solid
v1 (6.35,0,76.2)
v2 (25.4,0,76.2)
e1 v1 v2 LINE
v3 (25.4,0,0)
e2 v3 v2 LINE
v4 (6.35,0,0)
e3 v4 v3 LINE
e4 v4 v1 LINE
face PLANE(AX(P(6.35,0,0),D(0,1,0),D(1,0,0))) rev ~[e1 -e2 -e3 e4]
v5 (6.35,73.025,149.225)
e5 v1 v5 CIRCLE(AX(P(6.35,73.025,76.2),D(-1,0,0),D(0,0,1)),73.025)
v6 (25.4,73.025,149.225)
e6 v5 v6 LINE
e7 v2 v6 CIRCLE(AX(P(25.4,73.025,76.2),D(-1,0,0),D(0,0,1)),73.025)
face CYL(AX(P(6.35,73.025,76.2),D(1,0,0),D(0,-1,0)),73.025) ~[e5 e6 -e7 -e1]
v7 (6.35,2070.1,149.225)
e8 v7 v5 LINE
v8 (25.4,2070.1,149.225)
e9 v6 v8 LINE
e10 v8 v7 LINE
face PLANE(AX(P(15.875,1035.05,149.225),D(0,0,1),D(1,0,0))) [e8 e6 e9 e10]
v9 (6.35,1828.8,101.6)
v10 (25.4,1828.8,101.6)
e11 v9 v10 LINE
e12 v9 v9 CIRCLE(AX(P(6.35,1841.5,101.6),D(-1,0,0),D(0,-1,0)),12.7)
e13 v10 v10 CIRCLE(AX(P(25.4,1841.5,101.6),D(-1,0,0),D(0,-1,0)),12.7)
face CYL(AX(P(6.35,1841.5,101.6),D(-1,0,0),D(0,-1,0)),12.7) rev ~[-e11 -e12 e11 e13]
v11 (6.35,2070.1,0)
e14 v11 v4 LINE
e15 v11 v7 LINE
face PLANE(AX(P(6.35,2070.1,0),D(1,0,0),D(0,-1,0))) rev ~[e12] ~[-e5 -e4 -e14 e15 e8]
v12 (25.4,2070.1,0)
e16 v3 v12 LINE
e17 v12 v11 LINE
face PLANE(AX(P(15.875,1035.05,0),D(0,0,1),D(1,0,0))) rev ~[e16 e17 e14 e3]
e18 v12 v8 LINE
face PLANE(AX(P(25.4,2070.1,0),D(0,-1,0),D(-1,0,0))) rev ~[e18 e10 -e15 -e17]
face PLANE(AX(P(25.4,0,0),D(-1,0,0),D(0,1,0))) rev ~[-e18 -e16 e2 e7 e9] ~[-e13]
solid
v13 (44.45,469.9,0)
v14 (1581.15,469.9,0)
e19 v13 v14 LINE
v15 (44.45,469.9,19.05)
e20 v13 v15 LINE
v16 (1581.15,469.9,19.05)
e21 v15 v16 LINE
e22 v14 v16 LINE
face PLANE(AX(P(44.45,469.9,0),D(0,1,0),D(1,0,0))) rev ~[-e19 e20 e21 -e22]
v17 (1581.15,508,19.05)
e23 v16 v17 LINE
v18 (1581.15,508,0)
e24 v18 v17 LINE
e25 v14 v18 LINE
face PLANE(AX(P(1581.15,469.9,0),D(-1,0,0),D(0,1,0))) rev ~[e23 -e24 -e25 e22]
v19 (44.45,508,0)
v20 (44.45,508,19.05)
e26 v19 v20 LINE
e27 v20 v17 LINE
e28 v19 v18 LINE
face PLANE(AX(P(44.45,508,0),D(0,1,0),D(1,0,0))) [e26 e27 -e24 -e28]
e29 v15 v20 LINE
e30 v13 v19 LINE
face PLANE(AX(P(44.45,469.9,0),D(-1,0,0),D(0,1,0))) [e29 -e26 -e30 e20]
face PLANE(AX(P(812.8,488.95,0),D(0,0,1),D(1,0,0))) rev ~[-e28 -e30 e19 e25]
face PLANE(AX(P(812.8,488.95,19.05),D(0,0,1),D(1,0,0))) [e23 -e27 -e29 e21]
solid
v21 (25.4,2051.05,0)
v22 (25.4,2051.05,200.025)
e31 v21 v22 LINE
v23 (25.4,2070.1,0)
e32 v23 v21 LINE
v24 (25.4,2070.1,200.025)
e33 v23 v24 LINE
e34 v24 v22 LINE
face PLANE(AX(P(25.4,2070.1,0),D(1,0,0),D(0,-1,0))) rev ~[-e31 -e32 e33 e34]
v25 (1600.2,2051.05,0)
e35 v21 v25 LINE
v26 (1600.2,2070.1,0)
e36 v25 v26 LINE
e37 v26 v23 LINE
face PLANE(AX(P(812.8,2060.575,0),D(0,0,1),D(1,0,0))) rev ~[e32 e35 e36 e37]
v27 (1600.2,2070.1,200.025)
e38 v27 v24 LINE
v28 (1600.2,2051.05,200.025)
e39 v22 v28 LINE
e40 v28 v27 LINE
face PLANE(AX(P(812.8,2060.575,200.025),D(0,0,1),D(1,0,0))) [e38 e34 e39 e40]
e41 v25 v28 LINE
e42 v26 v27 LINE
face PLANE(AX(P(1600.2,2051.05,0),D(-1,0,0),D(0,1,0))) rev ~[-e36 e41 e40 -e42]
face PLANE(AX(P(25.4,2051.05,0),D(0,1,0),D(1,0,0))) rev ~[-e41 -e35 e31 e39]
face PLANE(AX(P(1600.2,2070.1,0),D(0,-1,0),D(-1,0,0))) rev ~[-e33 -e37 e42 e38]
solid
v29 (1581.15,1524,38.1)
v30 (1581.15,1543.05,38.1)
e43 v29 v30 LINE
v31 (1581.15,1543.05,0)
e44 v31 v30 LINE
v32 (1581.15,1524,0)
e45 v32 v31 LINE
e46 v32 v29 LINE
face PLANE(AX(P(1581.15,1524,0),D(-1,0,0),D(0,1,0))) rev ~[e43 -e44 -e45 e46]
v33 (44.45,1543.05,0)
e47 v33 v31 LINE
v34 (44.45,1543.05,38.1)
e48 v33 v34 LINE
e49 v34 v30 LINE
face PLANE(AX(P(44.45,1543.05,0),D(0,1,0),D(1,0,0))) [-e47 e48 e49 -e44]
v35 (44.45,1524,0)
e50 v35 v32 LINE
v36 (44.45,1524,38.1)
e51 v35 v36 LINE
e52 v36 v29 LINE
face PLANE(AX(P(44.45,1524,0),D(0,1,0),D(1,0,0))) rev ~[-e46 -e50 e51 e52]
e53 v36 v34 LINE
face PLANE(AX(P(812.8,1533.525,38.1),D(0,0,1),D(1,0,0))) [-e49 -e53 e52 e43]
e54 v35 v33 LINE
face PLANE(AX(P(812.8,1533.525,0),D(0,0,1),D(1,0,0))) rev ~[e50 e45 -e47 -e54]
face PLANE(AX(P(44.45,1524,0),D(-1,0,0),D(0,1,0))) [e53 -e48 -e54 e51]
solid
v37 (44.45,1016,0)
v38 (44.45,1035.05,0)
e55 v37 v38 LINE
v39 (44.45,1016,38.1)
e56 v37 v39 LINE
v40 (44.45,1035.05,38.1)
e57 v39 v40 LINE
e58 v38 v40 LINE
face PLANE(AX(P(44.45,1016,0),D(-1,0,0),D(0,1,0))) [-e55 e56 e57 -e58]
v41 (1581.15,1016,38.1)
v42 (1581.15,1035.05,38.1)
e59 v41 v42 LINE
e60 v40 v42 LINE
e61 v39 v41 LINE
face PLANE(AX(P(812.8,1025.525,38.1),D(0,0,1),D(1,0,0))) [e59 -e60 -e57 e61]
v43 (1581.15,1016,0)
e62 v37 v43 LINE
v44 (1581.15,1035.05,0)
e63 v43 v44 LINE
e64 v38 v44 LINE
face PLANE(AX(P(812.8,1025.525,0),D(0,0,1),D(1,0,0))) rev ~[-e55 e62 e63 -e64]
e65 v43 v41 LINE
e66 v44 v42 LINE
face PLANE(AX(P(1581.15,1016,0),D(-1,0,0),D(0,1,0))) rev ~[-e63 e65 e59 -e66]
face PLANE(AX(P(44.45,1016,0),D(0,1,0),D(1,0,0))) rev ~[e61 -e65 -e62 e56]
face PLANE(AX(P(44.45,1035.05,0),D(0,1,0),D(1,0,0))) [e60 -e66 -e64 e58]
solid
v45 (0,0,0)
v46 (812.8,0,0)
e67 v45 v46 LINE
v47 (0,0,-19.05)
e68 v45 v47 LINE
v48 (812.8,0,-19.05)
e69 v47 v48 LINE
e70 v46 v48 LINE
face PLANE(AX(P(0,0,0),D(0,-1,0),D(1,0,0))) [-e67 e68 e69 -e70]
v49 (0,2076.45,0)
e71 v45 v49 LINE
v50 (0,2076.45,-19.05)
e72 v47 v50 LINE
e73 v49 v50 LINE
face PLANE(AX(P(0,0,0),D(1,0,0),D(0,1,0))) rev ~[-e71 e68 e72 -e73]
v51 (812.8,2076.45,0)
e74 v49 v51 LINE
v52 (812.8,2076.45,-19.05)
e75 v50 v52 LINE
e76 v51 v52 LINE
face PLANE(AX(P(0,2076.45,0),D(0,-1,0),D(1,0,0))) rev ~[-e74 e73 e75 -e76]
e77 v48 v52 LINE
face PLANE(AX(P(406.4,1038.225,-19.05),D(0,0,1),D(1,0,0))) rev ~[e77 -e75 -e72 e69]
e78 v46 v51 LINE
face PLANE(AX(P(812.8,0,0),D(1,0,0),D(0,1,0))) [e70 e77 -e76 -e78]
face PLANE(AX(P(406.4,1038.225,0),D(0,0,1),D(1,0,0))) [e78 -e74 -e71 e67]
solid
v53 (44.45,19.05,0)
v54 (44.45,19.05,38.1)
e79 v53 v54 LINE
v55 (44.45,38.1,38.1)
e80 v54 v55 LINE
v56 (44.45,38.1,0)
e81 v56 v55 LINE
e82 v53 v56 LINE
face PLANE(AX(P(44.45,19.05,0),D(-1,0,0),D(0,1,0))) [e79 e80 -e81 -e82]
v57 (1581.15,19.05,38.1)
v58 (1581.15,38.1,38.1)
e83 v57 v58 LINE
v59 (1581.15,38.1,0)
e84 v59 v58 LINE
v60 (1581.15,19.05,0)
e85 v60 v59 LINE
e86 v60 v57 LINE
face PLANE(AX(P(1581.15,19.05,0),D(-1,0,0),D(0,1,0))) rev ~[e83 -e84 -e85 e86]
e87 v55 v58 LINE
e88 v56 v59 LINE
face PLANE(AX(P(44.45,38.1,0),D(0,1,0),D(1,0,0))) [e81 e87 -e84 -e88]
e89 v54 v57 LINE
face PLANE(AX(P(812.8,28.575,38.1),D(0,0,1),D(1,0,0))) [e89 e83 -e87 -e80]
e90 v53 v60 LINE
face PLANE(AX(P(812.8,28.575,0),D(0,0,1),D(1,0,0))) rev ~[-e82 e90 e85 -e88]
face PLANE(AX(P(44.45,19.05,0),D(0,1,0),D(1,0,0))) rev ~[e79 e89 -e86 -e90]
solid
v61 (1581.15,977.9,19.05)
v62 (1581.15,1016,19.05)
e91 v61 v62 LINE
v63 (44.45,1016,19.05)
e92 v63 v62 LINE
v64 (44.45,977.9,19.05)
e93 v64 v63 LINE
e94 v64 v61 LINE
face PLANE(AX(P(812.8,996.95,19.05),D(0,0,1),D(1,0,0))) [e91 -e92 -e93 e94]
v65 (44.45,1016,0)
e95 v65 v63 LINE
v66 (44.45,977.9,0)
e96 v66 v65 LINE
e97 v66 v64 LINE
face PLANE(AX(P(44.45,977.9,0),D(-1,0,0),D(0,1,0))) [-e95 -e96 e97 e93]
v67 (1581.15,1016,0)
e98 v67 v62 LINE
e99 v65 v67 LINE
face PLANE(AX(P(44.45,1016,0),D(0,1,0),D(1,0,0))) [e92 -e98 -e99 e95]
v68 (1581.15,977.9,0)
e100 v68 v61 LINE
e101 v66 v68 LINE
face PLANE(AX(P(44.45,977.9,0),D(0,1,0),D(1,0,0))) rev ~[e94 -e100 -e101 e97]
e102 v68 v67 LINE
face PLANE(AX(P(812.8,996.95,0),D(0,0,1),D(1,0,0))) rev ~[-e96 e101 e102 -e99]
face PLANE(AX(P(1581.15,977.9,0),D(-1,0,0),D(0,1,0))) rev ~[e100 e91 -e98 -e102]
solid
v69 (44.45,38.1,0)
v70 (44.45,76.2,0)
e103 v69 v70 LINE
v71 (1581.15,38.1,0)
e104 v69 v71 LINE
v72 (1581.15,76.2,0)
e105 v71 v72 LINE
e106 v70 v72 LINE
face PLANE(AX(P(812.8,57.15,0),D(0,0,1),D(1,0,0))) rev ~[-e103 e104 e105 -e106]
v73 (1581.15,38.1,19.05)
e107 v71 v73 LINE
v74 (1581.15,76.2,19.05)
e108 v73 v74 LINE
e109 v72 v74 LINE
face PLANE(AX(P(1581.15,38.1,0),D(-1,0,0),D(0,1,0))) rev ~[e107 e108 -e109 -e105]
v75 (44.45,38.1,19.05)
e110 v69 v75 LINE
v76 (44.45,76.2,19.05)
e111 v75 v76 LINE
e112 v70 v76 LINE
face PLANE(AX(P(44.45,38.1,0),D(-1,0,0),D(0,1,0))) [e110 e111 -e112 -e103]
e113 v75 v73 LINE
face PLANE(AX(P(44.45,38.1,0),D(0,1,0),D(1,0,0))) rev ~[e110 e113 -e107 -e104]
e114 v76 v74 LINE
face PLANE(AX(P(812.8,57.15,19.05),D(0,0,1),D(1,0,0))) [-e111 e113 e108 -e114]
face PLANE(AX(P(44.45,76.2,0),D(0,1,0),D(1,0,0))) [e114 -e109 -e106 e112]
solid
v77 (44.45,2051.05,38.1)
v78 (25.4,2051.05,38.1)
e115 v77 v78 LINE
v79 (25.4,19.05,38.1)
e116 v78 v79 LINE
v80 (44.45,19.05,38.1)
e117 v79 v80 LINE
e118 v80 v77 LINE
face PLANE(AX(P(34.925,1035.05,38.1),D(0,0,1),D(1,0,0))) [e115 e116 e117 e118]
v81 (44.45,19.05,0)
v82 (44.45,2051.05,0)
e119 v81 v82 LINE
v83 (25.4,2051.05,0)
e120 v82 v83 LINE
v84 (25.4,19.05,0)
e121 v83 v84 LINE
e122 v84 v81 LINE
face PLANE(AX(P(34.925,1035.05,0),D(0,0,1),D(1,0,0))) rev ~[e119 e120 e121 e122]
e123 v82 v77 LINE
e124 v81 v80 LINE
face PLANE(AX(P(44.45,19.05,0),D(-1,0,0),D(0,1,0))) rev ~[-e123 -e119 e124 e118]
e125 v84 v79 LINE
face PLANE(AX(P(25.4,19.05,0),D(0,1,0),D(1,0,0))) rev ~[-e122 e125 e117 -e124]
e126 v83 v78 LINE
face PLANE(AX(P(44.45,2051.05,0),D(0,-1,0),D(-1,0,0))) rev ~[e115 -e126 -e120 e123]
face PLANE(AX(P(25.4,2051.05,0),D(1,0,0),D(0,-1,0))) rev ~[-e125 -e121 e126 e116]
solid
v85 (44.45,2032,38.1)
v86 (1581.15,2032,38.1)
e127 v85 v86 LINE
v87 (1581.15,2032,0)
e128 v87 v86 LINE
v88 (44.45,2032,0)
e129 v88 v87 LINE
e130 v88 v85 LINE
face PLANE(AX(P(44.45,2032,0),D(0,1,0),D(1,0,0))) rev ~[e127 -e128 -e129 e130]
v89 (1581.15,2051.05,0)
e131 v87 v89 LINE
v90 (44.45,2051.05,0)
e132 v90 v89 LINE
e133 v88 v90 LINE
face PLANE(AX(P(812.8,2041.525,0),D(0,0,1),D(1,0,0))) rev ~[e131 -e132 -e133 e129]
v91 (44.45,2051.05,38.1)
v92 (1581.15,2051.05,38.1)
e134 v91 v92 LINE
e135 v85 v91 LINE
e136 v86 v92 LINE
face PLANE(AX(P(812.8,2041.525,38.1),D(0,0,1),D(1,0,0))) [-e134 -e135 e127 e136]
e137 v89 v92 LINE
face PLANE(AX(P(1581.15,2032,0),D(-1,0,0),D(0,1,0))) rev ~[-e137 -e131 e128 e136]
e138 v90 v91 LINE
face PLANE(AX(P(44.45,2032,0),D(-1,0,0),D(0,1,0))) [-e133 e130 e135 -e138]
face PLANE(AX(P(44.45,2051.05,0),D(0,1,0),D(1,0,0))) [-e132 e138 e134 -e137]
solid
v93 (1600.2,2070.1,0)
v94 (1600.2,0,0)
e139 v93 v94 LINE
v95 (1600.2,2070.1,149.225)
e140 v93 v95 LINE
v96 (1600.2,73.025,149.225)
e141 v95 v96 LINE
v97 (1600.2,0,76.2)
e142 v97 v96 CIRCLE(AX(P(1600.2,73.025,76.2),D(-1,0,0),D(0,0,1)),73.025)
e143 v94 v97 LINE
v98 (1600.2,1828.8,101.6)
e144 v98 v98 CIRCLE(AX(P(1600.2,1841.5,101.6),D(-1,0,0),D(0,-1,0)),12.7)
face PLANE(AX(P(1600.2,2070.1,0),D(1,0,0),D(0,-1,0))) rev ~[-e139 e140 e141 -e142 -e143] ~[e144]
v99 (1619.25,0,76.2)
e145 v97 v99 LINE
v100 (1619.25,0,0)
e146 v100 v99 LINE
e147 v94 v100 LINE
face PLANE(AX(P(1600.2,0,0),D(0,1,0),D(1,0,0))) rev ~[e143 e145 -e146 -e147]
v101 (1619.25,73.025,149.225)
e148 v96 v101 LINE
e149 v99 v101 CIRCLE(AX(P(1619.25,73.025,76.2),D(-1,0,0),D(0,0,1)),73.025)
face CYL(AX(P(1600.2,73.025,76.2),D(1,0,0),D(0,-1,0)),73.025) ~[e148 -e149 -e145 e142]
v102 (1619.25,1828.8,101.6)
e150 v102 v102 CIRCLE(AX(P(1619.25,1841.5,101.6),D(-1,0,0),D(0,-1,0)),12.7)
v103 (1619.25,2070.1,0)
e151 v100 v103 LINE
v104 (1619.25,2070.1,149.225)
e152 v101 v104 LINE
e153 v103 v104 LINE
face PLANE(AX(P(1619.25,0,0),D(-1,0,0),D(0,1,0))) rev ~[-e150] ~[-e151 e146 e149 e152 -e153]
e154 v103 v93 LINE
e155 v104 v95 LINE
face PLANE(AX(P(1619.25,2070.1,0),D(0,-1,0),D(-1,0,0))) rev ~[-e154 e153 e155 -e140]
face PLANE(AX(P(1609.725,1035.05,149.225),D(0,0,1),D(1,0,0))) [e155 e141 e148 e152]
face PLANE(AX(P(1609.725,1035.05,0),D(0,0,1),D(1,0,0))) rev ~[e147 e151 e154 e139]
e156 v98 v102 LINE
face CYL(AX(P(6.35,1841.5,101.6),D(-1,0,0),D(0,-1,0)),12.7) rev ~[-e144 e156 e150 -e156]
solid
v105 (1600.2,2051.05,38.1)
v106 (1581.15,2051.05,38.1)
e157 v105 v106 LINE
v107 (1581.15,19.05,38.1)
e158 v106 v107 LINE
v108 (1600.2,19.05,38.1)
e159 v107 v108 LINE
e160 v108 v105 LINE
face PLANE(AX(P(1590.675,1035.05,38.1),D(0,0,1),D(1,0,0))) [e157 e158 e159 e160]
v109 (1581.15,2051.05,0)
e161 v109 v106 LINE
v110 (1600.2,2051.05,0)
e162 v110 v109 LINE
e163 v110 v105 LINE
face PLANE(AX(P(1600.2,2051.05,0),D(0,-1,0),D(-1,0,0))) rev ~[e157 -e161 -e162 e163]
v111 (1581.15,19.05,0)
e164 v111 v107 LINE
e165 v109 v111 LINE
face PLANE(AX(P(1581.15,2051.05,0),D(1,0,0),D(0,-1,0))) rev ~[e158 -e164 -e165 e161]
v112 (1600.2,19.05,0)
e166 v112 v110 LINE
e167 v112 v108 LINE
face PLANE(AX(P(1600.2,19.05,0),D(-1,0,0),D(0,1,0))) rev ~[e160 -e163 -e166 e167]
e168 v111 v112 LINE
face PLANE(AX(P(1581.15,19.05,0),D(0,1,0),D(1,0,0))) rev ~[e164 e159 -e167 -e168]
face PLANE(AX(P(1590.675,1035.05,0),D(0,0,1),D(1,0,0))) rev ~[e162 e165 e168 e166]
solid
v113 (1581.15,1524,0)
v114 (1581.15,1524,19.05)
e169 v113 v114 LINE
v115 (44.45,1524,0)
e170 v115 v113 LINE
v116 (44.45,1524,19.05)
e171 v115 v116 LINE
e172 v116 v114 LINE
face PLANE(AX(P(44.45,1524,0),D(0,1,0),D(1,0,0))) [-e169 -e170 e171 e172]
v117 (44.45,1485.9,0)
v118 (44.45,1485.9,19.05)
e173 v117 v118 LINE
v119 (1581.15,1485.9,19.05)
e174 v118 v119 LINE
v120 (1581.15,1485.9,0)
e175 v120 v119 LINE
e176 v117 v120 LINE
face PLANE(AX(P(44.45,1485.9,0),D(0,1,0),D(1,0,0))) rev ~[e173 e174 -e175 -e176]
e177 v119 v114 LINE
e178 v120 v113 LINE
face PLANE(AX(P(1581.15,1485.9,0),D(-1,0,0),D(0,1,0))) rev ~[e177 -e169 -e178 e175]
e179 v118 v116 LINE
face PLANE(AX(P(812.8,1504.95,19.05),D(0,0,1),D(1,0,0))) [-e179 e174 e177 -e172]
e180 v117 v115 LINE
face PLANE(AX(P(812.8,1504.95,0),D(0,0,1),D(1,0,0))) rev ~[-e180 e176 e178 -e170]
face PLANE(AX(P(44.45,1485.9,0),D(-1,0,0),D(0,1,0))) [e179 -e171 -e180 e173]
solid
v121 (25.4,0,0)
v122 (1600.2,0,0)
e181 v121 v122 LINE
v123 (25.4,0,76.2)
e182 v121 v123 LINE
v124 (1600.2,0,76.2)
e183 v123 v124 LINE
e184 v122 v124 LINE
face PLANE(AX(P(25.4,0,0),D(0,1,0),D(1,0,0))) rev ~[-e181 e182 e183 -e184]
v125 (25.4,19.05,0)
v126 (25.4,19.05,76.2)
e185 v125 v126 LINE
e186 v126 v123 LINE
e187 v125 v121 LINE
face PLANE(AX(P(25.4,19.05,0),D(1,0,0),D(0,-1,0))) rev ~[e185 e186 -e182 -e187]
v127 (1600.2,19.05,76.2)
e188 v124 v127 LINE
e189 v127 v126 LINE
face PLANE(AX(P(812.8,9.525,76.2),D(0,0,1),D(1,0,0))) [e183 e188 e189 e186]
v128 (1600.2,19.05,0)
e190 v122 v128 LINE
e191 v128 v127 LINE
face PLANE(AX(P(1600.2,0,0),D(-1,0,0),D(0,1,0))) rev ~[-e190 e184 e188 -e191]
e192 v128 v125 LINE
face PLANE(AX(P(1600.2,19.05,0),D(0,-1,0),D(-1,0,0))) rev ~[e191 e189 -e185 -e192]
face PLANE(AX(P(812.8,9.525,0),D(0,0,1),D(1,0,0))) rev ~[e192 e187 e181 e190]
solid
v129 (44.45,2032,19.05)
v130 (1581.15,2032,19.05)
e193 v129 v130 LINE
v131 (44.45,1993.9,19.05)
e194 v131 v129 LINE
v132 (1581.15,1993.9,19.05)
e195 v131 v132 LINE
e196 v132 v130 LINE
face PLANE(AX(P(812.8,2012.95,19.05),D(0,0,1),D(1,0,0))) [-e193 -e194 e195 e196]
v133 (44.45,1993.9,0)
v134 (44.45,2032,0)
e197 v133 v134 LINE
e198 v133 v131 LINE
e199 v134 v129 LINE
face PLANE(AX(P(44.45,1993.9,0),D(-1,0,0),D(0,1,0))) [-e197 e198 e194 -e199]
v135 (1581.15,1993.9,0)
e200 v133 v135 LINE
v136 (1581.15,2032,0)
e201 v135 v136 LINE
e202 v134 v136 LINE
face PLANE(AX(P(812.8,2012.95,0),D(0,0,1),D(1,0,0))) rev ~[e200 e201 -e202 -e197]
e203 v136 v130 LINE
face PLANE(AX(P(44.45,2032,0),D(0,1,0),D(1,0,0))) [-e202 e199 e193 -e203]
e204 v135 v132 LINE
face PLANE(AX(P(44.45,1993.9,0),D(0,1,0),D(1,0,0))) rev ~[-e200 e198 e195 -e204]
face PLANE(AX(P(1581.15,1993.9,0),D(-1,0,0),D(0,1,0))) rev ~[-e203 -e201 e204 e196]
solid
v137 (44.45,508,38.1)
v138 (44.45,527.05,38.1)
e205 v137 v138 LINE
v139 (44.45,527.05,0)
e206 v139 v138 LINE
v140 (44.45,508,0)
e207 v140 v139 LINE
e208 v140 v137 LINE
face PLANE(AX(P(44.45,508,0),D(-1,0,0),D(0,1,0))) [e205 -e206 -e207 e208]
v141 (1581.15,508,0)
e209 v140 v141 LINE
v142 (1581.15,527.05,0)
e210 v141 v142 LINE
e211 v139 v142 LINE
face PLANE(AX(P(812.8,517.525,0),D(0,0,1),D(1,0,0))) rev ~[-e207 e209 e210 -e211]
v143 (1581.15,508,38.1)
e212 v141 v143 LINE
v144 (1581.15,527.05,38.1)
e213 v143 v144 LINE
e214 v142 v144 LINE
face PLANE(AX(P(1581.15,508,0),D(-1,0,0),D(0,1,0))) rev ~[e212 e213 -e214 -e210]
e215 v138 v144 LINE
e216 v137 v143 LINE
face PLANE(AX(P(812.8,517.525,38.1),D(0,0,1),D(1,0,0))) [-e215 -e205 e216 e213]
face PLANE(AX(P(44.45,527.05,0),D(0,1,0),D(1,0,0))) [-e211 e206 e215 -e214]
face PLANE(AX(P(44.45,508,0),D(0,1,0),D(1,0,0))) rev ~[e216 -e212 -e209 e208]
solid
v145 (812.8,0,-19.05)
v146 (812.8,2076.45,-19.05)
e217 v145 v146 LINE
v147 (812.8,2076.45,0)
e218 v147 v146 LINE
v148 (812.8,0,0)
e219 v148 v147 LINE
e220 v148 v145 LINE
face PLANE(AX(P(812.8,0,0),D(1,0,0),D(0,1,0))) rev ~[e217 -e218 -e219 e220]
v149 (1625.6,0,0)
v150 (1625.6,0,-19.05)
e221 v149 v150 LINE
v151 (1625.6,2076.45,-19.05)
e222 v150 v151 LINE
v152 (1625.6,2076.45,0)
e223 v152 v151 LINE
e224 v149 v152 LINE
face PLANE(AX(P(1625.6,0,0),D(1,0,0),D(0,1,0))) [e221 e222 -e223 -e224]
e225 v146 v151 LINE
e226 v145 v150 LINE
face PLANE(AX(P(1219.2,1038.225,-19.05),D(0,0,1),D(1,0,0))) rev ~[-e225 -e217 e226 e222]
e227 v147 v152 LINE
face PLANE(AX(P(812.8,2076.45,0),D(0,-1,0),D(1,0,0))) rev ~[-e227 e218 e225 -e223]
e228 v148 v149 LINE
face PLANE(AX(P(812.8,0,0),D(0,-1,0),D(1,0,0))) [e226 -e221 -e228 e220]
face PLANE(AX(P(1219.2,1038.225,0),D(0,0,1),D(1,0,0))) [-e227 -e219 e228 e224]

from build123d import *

# Parameters (mm, degrees)
F0_W      = 812.8
F0_H      = 2076.45
F1_DEPTH  = 19.05
F2_DEPTH  = 19.05
F3_W      = 1536.7
F3_H      = 38.1
F4_DEPTH  = 19.05
F3_H_2    = 19.05
F5_DEPTH  = 38.1
F6_DEPTH  = 38.1
F7_DEPTH  = 76.2
F8_DEPTH  = 149.225
F9_DEPTH  = 200.025
F10_R     = 73.025
F11_R     = 12.7
F12_DEPTH = 1619.251


with BuildPart() as f1:
    # F0 (on Top) → F1 (new body)
    with BuildSketch(Plane.XY):
        with Locations((406.4, 1038.225)):
            Rectangle(F0_W, F0_H)
    extrude(amount=-F1_DEPTH)


with BuildPart() as f2:
    # F0 (on Top) → F2 (new body)
    with BuildSketch(Plane.XY):
        with Locations((1219.2, 1038.225)):
            Rectangle(F0_W, F0_H)
    extrude(amount=-F2_DEPTH)


with BuildPart() as f4:
    # F3 (on Top) → F4 (new body)
    with BuildSketch(Plane.XY):
        with Locations((812.8, 2012.95)):
            Rectangle(F3_W, F3_H)
        with Locations((812.8, 1504.95)):
            Rectangle(F3_W, F3_H)
        with Locations((812.8, 996.95)):
            Rectangle(F3_W, F3_H)
        with Locations((812.8, 488.95)):
            Rectangle(F3_W, F3_H)
        with Locations((812.8, 57.15)):
            Rectangle(F3_W, F3_H)
    extrude(amount=F4_DEPTH)


with BuildPart() as f5:
    # F3 (on Top) → F5 (new body)
    with BuildSketch(Plane.XY):
        with Locations((812.8, 2041.525)):
            Rectangle(F3_W, F3_H_2)
        with Locations((812.8, 1533.525)):
            Rectangle(F3_W, F3_H_2)
        with Locations((812.8, 1025.525)):
            Rectangle(F3_W, F3_H_2)
        with Locations((812.8, 517.525)):
            Rectangle(F3_W, F3_H_2)
        with Locations((812.8, 28.575)):
            Rectangle(F3_W, F3_H_2)
    extrude(amount=F5_DEPTH)


with BuildPart() as f6:
    # F3 (on Top) → F6 (new body)
    with BuildSketch(Plane.XY):
        Polygon((44.45, 2032), (44.45, 2051.05), (25.4, 2051.05), (25.4, 19.05), (44.45, 19.05), (44.45, 38.1), (44.45, 76.2), (44.45, 469.9), (44.45, 508), (44.45, 527.05), (44.45, 977.9), (44.45, 1016), (44.45, 1035.05), (44.45, 1485.9), (44.45, 1524), (44.45, 1543.05), (44.45, 1993.9), align=None)
        Polygon((1600.2, 2051.05), (1581.15, 2051.05), (1581.15, 2032), (1581.15, 1993.9), (1581.15, 1543.05), (1581.15, 1524), (1581.15, 1485.9), (1581.15, 1035.05), (1581.15, 1016), (1581.15, 977.9), (1581.15, 527.05), (1581.15, 508), (1581.15, 469.9), (1581.15, 76.2), (1581.15, 38.1), (1581.15, 19.05), (1600.2, 19.05), align=None)
    extrude(amount=F6_DEPTH)


with BuildPart() as f7:
    # F3 (on Top) → F7 (new body)
    with BuildSketch(Plane.XY):
        Polygon((44.45, 19.05), (25.4, 19.05), (25.4, 0), (1600.2, 0), (1600.2, 19.05), (1581.15, 19.05), align=None)
    extrude(amount=F7_DEPTH)


with BuildPart() as f8:
    # F3 (on Top) → F8 (new body)
    with BuildSketch(Plane.XY):
        Polygon((25.4, 19.05), (25.4, 2051.05), (25.4, 2070.1), (6.35, 2070.1), (6.35, 0), (25.4, 0), align=None)
        Polygon((1600.2, 2070.1), (1600.2, 2051.05), (1600.2, 19.05), (1600.2, 0), (1619.25, 0), (1619.25, 2070.1), align=None)
    extrude(amount=F8_DEPTH)

    # F10
    f10_edges = [f8.edges().sort_by_distance(p)[0] for p in [
        (15.875, 0, 149.225),
        (1609.725, 0, 149.225),
    ]]
    fillet(f10_edges, radius=F10_R)

    # F11 (on face) → F12 (cut, through all)
    with BuildSketch(Plane(origin=(6.35, 0, 0), x_dir=(0, -1, 0), z_dir=(-1, 0, 0))):
        with Locations((-1841.5, 101.6)):
            Circle(F11_R)
    extrude(amount=-F12_DEPTH, mode=Mode.SUBTRACT)


with BuildPart() as f9:
    # F3 (on Top) → F9 (new body)
    with BuildSketch(Plane.XY):
        Polygon((25.4, 2051.05), (44.45, 2051.05), (1581.15, 2051.05), (1600.2, 2051.05), (1600.2, 2070.1), (25.4, 2070.1), align=None)
    extrude(amount=F9_DEPTH)


solid = Compound([f1.part, f2.part, f4.part, f5.part, f6.part, f7.part, f8.part, f9.part])
